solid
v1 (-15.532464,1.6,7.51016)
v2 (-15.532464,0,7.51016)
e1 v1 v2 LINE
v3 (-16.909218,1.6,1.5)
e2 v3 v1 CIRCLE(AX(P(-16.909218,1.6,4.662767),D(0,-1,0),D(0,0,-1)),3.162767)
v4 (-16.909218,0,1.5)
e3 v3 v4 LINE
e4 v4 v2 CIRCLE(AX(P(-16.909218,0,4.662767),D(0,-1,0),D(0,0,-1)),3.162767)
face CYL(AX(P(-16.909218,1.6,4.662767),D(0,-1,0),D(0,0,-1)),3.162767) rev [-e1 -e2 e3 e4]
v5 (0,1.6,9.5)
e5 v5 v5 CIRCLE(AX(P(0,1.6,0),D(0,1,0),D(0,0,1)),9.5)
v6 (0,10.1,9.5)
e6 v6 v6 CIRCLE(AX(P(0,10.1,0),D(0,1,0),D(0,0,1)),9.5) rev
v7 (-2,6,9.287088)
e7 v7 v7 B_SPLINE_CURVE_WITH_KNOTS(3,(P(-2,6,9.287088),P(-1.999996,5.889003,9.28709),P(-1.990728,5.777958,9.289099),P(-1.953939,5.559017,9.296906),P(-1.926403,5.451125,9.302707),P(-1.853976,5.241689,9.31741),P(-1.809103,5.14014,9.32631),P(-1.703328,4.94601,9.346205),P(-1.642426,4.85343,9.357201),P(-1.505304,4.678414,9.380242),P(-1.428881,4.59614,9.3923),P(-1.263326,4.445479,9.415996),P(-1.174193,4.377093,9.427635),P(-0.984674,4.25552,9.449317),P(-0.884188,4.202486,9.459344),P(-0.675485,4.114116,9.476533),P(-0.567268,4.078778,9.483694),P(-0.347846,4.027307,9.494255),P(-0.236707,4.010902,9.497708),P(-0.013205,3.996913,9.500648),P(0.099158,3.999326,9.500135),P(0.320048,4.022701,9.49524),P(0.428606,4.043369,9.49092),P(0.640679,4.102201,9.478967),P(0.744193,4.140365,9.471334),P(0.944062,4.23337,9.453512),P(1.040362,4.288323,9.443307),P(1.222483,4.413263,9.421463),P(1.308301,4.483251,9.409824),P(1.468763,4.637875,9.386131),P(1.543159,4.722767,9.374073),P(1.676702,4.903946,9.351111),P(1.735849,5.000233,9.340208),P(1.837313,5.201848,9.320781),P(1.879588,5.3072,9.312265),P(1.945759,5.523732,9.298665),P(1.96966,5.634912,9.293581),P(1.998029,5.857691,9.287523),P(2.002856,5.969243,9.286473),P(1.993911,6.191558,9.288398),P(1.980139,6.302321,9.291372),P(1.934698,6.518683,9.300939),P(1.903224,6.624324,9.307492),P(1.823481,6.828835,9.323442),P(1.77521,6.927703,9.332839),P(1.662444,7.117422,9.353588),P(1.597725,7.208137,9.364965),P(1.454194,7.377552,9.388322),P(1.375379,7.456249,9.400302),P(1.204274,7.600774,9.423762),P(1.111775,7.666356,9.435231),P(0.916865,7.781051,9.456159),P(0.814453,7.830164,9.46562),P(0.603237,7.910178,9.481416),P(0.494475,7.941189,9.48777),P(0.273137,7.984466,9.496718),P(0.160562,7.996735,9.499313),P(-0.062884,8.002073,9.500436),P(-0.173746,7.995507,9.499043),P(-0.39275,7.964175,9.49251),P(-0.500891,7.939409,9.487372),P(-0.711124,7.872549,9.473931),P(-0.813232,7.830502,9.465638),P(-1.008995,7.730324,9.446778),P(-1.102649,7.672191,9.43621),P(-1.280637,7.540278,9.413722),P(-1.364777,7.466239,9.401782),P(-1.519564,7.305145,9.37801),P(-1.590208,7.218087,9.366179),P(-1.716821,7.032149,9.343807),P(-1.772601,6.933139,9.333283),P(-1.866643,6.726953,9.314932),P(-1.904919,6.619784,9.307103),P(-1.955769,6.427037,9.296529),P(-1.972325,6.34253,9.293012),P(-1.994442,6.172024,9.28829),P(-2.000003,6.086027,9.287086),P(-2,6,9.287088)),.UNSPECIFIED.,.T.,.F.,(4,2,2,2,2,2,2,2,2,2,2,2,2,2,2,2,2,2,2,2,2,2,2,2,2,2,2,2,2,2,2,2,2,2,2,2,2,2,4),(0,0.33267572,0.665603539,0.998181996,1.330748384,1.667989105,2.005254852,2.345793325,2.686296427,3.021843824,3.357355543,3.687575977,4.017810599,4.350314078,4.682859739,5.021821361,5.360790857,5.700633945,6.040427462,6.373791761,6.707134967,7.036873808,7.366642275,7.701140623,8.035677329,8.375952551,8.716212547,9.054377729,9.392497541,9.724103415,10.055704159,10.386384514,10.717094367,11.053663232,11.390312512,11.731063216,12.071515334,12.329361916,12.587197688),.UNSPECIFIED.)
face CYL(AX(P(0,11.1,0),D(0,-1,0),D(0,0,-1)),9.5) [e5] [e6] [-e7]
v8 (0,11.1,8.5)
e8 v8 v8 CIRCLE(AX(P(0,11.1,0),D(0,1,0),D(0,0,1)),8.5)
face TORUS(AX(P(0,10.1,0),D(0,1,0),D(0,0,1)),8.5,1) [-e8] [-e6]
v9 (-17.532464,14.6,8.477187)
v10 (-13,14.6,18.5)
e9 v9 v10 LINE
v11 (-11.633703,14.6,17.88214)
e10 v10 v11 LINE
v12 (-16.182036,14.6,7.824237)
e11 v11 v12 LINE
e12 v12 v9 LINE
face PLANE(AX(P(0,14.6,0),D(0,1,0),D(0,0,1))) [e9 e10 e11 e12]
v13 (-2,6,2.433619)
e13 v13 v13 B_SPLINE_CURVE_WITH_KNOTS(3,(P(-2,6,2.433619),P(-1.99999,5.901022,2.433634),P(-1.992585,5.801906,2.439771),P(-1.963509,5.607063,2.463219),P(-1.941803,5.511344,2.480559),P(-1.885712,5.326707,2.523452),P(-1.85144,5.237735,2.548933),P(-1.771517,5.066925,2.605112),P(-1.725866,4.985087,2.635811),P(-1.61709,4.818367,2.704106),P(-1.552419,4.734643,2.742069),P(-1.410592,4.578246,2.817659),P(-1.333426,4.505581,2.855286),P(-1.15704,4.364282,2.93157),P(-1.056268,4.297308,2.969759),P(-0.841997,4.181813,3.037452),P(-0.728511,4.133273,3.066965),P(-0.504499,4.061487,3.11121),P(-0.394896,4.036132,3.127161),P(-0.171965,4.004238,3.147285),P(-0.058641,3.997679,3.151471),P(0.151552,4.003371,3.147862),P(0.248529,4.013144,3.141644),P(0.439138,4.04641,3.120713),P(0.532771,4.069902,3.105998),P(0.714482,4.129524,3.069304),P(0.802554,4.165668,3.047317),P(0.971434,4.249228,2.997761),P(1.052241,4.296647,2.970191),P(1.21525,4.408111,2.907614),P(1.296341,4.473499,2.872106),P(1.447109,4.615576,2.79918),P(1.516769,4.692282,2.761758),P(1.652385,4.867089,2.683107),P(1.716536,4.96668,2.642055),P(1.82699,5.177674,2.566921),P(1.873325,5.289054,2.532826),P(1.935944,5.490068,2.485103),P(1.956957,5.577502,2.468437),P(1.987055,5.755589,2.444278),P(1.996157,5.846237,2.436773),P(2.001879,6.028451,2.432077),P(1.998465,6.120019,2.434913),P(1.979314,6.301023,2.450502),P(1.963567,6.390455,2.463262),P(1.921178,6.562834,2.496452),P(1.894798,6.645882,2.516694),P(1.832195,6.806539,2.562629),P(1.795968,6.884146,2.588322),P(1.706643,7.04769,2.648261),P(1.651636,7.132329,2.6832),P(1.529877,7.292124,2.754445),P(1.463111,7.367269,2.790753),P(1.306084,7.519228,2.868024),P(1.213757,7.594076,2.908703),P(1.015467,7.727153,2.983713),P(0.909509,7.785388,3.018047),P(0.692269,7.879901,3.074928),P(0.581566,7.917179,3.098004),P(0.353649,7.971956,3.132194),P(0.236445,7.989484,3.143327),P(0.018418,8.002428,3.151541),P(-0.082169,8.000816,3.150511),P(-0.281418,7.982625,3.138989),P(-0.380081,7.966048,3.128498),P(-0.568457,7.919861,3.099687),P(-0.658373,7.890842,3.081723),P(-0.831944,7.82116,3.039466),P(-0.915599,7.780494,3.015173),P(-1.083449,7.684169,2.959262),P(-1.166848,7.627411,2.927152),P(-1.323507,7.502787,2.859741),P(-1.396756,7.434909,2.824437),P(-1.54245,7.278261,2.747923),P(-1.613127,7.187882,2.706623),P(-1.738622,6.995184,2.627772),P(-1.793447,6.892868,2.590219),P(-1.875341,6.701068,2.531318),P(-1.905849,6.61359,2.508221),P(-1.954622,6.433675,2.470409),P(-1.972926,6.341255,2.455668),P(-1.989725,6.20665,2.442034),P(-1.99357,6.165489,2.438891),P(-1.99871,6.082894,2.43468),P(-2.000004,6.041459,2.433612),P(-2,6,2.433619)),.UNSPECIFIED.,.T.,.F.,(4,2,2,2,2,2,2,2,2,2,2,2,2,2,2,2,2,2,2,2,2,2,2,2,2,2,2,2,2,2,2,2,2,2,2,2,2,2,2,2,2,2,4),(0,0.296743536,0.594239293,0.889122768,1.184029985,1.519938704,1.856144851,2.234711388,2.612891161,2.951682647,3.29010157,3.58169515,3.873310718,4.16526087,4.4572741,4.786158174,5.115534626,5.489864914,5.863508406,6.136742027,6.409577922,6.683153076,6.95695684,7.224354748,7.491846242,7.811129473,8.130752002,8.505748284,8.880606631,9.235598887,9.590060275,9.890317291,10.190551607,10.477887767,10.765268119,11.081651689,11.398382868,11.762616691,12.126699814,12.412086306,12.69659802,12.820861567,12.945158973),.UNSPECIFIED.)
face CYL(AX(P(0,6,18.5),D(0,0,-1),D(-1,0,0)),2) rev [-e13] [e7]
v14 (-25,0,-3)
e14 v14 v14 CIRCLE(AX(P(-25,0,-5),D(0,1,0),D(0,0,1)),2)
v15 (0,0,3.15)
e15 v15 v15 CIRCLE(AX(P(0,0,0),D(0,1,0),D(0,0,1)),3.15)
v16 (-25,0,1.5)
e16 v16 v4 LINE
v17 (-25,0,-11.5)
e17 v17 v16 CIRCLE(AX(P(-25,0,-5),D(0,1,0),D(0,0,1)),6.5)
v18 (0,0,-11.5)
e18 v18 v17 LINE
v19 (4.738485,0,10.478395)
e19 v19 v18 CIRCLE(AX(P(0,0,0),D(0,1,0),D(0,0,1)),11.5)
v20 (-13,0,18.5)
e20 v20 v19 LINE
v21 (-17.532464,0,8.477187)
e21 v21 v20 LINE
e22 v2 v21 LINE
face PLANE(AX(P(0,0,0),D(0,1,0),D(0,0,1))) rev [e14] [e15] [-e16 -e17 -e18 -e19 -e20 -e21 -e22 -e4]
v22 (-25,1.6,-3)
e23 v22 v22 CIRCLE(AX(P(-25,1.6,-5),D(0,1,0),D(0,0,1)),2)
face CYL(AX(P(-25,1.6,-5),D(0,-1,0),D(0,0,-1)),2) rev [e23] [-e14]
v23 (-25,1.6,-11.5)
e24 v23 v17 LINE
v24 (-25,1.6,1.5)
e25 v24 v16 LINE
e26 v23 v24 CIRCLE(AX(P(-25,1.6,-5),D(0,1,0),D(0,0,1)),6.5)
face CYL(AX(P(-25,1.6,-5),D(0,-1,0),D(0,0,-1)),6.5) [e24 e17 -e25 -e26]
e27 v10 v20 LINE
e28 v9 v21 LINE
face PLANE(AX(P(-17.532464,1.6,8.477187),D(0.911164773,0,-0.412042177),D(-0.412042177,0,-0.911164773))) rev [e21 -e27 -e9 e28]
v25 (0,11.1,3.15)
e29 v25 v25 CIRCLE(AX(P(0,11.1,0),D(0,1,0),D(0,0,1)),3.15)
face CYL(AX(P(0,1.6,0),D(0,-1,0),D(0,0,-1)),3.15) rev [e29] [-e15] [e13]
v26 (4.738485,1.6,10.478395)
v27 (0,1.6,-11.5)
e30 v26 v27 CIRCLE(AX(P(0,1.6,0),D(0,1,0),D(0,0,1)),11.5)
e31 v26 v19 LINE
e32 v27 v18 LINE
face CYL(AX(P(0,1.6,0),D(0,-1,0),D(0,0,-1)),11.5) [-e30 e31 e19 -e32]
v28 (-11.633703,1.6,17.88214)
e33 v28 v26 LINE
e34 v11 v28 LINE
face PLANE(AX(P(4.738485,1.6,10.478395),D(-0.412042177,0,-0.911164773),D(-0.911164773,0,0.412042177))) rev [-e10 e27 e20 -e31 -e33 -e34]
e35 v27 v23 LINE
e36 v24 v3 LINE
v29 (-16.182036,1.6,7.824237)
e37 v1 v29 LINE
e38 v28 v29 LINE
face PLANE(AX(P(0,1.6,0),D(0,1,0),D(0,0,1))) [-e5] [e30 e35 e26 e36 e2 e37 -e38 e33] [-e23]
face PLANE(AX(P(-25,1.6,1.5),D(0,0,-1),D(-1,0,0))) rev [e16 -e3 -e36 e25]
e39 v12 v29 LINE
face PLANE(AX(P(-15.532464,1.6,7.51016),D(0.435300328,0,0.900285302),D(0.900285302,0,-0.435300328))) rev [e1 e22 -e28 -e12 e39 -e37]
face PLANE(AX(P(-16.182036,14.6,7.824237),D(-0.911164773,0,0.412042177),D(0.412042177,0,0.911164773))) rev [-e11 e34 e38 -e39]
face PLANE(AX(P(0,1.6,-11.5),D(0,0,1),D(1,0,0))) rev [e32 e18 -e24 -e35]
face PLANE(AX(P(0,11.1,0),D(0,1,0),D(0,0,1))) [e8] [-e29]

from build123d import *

# Parameters (mm, degrees)
ESQUISSE1_R             = 3.15
ESQUISSE1_R_2           = 2
BOSS_EXTRU_1_DEPTH      = 1.6
ESQUISSE2_R             = 9.5
ESQUISSE2_R_2           = 3.15
BOSS_EXTRU_2_DEPTH      = 9.5
CONG_1_R                = 1
BOSS_EXTRU_3_DEPTH      = 13
ESQUISSE4_R             = 2
ENL_V_MAT_EXTRU_1_DEPTH = 19.5


with BuildPart() as part:
    # Esquisse1 → Boss.-Extru.1 (new body)
    with BuildSketch(Plane(origin=(0, 0, 0), x_dir=(1, 0, 0), z_dir=(0, 1, 0))):
        with BuildLine():
            Line((0, 11.5), (-25, 11.5))
            ThreePointArc((-25, 11.5), (-31.5, 5), (-25, -1.5))
            Line((-25, -1.5), (-16.90921754, -1.5))
            ThreePointArc((-16.90921754, -1.5), (-13.826301978, -3.956560509), (-15.532463951, -7.510159982))
            Line((-15.532463951, -7.510159982), (-17.532463951, -8.477187494))
            Line((-17.532463951, -8.477187494), (-13, -18.5))
            Line((-13, -18.5), (4.73848504, -10.478394893))
            ThreePointArc((4.73848504, -10.478394893), (11.241697854, 2.423680954), (0, 11.5))
        make_face()
        Circle(ESQUISSE1_R, mode=Mode.SUBTRACT)
        with Locations((-25, 5)):
            Circle(ESQUISSE1_R_2, mode=Mode.SUBTRACT)
    extrude(amount=BOSS_EXTRU_1_DEPTH)

    # Esquisse2 → Boss.-Extru.2 (add)
    with BuildSketch(Plane(origin=(0, 1.6, 0), x_dir=(1, 0, 0), z_dir=(0, 1, 0))):
        Circle(ESQUISSE2_R)
        Circle(ESQUISSE2_R_2, mode=Mode.SUBTRACT)
    extrude(amount=BOSS_EXTRU_2_DEPTH)

    # Congé1
    cong_1_edges = [part.edges().sort_by_distance(p)[0] for p in [
        (-9.5, 11.1, 0),
    ]]
    fillet(cong_1_edges, radius=CONG_1_R)

    # Esquisse3 → Boss.-Extru.3 (add)
    with BuildSketch(Plane(origin=(0, 1.6, 0), x_dir=(1, 0, 0), z_dir=(0, 1, 0))):
        Polygon((-17.532463951, -8.477187494), (-13, -18.5), (-11.633703391, -17.88214048), (-16.182035998, -7.824237002), align=None)
    extrude(amount=BOSS_EXTRU_3_DEPTH)

    # Esquisse4 → Enlèv. mat.-Extru.1 (cut, through all)
    with BuildSketch(Plane.XY):
        with Locations((0, 6)):
            Circle(ESQUISSE4_R)
    extrude(amount=ENL_V_MAT_EXTRU_1_DEPTH, mode=Mode.SUBTRACT)


solid = part.part
